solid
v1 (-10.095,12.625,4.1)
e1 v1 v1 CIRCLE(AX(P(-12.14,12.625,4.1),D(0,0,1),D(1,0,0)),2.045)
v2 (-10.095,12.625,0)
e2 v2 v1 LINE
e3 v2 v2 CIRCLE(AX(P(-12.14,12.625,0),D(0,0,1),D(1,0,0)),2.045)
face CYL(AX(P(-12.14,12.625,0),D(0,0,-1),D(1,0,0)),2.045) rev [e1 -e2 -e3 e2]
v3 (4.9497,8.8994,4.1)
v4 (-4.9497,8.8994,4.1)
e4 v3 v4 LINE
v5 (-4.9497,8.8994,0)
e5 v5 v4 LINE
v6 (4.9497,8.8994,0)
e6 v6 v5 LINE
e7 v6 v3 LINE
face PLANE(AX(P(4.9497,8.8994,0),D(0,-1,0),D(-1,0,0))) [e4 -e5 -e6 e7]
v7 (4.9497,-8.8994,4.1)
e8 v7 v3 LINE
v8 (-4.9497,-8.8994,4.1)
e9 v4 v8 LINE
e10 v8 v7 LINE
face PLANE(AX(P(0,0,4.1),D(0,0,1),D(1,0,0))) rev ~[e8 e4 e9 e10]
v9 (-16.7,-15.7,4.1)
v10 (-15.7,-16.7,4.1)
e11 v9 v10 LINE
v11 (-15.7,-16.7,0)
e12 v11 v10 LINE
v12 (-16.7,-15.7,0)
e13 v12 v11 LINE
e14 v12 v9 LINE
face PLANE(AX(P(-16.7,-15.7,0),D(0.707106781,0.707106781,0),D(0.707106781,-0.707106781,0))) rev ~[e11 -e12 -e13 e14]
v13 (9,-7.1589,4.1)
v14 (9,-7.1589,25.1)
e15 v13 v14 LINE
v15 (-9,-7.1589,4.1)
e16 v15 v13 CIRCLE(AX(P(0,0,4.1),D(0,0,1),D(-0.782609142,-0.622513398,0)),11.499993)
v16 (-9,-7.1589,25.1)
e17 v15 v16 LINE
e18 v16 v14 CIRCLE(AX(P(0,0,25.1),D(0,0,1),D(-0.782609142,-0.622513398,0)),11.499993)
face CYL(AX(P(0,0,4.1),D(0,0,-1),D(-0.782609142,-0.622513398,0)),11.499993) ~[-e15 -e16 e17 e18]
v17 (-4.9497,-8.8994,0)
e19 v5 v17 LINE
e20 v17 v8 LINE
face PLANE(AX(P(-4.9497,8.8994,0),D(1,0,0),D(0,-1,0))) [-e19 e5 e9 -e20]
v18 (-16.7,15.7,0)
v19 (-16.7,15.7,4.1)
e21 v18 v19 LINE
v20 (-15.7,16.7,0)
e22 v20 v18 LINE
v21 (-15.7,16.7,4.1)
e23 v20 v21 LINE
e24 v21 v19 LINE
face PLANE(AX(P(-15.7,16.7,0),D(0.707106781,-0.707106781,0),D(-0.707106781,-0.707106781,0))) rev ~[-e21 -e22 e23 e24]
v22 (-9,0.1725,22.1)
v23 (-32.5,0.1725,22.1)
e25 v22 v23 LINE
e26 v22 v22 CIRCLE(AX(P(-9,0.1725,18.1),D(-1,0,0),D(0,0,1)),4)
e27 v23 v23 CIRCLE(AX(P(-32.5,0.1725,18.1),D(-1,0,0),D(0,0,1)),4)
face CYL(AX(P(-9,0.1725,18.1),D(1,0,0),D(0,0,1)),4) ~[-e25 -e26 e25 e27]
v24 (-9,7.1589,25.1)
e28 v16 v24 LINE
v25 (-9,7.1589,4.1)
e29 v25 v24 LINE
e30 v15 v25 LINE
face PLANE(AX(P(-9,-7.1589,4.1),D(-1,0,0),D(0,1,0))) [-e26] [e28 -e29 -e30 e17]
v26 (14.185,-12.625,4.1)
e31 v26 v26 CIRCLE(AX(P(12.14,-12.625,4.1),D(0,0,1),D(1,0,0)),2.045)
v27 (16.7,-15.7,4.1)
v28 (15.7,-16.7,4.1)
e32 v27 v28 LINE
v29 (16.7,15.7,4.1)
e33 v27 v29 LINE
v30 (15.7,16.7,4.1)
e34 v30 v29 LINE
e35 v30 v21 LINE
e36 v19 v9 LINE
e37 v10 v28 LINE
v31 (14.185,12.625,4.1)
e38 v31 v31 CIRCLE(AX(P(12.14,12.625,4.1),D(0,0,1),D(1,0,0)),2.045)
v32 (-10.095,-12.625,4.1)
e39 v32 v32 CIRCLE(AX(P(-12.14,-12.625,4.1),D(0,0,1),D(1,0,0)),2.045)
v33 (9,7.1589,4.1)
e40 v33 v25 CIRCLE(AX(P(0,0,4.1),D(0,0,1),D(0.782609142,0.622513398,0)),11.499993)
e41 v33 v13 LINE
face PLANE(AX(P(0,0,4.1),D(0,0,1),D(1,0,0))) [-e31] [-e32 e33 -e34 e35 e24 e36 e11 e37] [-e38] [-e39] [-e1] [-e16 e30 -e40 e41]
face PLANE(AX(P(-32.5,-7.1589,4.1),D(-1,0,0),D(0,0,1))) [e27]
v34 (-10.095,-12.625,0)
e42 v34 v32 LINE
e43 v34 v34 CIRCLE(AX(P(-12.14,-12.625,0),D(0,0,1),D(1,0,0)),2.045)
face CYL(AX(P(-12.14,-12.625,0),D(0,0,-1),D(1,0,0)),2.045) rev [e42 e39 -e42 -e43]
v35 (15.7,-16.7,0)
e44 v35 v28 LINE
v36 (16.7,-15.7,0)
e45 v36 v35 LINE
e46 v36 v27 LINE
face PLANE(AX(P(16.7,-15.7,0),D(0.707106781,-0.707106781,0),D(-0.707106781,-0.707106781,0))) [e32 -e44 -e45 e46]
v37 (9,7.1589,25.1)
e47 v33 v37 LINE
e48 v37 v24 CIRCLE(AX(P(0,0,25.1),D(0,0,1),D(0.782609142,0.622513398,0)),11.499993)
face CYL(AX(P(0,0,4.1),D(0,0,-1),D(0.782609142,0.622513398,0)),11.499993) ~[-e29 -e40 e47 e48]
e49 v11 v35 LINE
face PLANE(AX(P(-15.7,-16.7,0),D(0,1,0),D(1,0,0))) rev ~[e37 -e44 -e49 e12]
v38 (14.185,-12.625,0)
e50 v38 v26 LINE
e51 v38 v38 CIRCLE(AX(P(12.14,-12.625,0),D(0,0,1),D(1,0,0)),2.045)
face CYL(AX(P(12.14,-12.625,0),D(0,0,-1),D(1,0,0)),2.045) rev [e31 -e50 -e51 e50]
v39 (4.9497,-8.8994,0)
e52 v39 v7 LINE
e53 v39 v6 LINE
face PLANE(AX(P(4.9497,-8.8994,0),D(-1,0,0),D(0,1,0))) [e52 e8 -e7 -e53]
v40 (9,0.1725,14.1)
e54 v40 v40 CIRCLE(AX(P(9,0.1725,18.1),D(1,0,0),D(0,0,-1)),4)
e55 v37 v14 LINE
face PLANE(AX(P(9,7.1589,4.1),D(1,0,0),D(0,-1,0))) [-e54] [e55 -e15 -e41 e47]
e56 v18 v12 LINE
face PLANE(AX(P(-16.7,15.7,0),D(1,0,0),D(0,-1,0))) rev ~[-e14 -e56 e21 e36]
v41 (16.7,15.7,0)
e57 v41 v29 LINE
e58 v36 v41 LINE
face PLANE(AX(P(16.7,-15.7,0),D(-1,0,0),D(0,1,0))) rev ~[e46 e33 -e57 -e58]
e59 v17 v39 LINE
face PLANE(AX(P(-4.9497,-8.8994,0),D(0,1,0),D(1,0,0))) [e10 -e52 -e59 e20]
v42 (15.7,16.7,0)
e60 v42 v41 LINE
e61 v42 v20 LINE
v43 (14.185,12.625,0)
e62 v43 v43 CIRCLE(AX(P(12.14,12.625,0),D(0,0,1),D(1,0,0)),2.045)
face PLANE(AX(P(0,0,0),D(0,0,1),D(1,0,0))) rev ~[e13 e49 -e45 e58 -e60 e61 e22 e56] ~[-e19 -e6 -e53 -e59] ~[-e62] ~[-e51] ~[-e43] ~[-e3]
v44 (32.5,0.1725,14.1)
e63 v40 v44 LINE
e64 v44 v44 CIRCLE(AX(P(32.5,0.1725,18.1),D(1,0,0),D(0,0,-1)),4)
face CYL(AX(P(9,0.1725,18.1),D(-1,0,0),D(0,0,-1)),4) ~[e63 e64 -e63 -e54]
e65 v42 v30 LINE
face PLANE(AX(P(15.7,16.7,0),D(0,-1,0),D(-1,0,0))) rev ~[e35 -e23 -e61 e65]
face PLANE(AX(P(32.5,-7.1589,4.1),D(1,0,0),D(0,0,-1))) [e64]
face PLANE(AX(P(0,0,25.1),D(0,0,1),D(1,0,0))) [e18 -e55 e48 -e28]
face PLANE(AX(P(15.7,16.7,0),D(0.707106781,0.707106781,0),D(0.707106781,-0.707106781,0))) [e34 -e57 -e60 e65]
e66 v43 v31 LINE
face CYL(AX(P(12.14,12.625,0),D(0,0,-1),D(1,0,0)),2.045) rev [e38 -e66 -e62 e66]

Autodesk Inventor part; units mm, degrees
ref_plane "YZ Plane" through (0, 0, 0) normal (1, 0, 0) x (0, 1, 0)
ref_plane "XZ Plane" through (0, 0, 0) normal (0, 1, 0) x (-1, 0, 0)
ref_plane "XY Plane" through (0, 0, 0) normal (0, 0, 1) x (1, 0, 0)
sketch "Sketch3" plane through (0, 0, 0) normal (0, 0, 1) x (1, 0, 0)
  line L0 (-15.7, -16.7) -> (15.7, -16.7)
  line L1 (16.7, -15.7) -> (16.7, 15.7)
  line L2 (15.7, 16.7) -> (-15.7, 16.7)
  line L3 (-16.7, 15.7) -> (-16.7, -15.7)
  line L4 (-16.7, -16.7) -> (16.7, 16.7) construction
  line L5 (16.7, -16.7) -> (-16.7, 16.7) construction
  line L6 (-15.7, 16.7) -> (-16.7, 15.7)
  line L7 (15.7, 16.7) -> (16.7, 15.7)
  line L8 (16.7, -15.7) -> (15.7, -16.7)
  line L9 (-16.7, -15.7) -> (-15.7, -16.7)
  line L10 (-4.9497, -8.8994) -> (4.9497, -8.8994)
  line L11 (4.9497, -8.8994) -> (4.9497, 8.8994)
  line L12 (4.9497, 8.8994) -> (-4.9497, 8.8994)
  line L13 (-4.9497, 8.8994) -> (-4.9497, -8.8994)
  line L14 (-4.9497, -8.8994) -> (4.9497, 8.8994) construction
  line L15 (4.9497, -8.8994) -> (-4.9497, 8.8994) construction
  circle A0 centre (-12.14, 12.625) radius 2.045
  circle A1 centre (12.14, 12.625) radius 2.045
  line L16 (0, -16.7) -> (0, 16.7) construction
  circle A2 centre (-12.14, -12.625) radius 2.045
  circle A3 centre (12.14, -12.625) radius 2.045
  line L17 (12.14, 12.625) -> (-12.14, 12.625) construction
  line L18 (-12.14, 12.625) -> (-12.14, -12.625) construction
  line L19 (-12.14, -12.625) -> (12.14, -12.625) construction
  line L20 (12.14, -12.625) -> (12.14, 12.625) construction
  line L21 (-16.7, 0) -> (16.7, 0) construction
  point P0 (0, 0)
  point P1 (0, 0)
  dimension "d0" = 33.4
  dimension "d1" = 33.4
  dimension "d2" = 1
  dimension "d3" = 1
  dimension "d4" = 1
  dimension "d5" = 1
  dimension "d6" = 1
  dimension "d7" = 1
  dimension "d8" = 1
  dimension "d9" = 1
  dimension "d10" = 9.8994
  dimension "d11" = 17.7988
  dimension "d12" = 4.09
  dimension "d13" = 4.09
  dimension "d17" = 4.09
  dimension "d19" = 24.28
  dimension "d20" = 25.25
  dimension "d21" = 4.09
  dimension "d22" = 12.625
  dimension "d23" = 12.14
extrude "Extrusion1" add sketch "Sketch3" along normal blind 4.1
sketch "Sketch6" plane through (0, 0, 4.1) normal (0, 0, 1) x (1, 0, 0)
  line L0 (9, 7.1589) -> (9, -7.1589)
  line L1 (-9, -7.1589) -> (-9, 7.1589)
  arc A0 (-9, -7.1589) -> (9, -7.1589) centre (0, 0) ccw
  arc A1 (9, 7.1589) -> (-9, 7.1589) centre (0, 0) ccw
  dimension "d66" = 18
  dimension "d67" = 11.5
  dimension "d68" = 11.5
  dimension "d69" = 9
extrude "Extrusion4" add sketch "Sketch6" along normal blind 21
sketch "Sketch7" plane through (9, -7.1589, 4.1) normal (1, 0, 0) x (0, 0, -1)
  circle A0 centre (-14, 7.3314) radius 4
  line L0 (-21, 0) -> (-21, 14.3178) projected
  point P0 (4.1, 7.1589)
  dimension "d58" = 8
  dimension "d59" = 7
extrude "Extrusion5" add sketch "Sketch7" along normal blind 23.5
sketch "Sketch8" plane through (-9, -7.1589, 4.1) normal (-1, 0, 0) x (0, 0, 1)
  circle A0 centre (14, 7.3314) radius 4
  line L0 (21, 14.3178) -> (21, 0) projected
  point P0 (-4.1, 7.1589)
  dimension "d62" = 8
  dimension "d63" = 7
extrude "Extrusion6" add sketch "Sketch8" along normal blind 23.5
equation "\"d3\" = d2"
equation "\"d5\" = d4"
equation "\"d6\" = d4"
equation "\"d7\" = d6"
equation "\"d8\" = d4"
equation "\"d9\" = d8"
properties part number "coaxToWaveguidWG18" material "Brass, Soft Yellow"
